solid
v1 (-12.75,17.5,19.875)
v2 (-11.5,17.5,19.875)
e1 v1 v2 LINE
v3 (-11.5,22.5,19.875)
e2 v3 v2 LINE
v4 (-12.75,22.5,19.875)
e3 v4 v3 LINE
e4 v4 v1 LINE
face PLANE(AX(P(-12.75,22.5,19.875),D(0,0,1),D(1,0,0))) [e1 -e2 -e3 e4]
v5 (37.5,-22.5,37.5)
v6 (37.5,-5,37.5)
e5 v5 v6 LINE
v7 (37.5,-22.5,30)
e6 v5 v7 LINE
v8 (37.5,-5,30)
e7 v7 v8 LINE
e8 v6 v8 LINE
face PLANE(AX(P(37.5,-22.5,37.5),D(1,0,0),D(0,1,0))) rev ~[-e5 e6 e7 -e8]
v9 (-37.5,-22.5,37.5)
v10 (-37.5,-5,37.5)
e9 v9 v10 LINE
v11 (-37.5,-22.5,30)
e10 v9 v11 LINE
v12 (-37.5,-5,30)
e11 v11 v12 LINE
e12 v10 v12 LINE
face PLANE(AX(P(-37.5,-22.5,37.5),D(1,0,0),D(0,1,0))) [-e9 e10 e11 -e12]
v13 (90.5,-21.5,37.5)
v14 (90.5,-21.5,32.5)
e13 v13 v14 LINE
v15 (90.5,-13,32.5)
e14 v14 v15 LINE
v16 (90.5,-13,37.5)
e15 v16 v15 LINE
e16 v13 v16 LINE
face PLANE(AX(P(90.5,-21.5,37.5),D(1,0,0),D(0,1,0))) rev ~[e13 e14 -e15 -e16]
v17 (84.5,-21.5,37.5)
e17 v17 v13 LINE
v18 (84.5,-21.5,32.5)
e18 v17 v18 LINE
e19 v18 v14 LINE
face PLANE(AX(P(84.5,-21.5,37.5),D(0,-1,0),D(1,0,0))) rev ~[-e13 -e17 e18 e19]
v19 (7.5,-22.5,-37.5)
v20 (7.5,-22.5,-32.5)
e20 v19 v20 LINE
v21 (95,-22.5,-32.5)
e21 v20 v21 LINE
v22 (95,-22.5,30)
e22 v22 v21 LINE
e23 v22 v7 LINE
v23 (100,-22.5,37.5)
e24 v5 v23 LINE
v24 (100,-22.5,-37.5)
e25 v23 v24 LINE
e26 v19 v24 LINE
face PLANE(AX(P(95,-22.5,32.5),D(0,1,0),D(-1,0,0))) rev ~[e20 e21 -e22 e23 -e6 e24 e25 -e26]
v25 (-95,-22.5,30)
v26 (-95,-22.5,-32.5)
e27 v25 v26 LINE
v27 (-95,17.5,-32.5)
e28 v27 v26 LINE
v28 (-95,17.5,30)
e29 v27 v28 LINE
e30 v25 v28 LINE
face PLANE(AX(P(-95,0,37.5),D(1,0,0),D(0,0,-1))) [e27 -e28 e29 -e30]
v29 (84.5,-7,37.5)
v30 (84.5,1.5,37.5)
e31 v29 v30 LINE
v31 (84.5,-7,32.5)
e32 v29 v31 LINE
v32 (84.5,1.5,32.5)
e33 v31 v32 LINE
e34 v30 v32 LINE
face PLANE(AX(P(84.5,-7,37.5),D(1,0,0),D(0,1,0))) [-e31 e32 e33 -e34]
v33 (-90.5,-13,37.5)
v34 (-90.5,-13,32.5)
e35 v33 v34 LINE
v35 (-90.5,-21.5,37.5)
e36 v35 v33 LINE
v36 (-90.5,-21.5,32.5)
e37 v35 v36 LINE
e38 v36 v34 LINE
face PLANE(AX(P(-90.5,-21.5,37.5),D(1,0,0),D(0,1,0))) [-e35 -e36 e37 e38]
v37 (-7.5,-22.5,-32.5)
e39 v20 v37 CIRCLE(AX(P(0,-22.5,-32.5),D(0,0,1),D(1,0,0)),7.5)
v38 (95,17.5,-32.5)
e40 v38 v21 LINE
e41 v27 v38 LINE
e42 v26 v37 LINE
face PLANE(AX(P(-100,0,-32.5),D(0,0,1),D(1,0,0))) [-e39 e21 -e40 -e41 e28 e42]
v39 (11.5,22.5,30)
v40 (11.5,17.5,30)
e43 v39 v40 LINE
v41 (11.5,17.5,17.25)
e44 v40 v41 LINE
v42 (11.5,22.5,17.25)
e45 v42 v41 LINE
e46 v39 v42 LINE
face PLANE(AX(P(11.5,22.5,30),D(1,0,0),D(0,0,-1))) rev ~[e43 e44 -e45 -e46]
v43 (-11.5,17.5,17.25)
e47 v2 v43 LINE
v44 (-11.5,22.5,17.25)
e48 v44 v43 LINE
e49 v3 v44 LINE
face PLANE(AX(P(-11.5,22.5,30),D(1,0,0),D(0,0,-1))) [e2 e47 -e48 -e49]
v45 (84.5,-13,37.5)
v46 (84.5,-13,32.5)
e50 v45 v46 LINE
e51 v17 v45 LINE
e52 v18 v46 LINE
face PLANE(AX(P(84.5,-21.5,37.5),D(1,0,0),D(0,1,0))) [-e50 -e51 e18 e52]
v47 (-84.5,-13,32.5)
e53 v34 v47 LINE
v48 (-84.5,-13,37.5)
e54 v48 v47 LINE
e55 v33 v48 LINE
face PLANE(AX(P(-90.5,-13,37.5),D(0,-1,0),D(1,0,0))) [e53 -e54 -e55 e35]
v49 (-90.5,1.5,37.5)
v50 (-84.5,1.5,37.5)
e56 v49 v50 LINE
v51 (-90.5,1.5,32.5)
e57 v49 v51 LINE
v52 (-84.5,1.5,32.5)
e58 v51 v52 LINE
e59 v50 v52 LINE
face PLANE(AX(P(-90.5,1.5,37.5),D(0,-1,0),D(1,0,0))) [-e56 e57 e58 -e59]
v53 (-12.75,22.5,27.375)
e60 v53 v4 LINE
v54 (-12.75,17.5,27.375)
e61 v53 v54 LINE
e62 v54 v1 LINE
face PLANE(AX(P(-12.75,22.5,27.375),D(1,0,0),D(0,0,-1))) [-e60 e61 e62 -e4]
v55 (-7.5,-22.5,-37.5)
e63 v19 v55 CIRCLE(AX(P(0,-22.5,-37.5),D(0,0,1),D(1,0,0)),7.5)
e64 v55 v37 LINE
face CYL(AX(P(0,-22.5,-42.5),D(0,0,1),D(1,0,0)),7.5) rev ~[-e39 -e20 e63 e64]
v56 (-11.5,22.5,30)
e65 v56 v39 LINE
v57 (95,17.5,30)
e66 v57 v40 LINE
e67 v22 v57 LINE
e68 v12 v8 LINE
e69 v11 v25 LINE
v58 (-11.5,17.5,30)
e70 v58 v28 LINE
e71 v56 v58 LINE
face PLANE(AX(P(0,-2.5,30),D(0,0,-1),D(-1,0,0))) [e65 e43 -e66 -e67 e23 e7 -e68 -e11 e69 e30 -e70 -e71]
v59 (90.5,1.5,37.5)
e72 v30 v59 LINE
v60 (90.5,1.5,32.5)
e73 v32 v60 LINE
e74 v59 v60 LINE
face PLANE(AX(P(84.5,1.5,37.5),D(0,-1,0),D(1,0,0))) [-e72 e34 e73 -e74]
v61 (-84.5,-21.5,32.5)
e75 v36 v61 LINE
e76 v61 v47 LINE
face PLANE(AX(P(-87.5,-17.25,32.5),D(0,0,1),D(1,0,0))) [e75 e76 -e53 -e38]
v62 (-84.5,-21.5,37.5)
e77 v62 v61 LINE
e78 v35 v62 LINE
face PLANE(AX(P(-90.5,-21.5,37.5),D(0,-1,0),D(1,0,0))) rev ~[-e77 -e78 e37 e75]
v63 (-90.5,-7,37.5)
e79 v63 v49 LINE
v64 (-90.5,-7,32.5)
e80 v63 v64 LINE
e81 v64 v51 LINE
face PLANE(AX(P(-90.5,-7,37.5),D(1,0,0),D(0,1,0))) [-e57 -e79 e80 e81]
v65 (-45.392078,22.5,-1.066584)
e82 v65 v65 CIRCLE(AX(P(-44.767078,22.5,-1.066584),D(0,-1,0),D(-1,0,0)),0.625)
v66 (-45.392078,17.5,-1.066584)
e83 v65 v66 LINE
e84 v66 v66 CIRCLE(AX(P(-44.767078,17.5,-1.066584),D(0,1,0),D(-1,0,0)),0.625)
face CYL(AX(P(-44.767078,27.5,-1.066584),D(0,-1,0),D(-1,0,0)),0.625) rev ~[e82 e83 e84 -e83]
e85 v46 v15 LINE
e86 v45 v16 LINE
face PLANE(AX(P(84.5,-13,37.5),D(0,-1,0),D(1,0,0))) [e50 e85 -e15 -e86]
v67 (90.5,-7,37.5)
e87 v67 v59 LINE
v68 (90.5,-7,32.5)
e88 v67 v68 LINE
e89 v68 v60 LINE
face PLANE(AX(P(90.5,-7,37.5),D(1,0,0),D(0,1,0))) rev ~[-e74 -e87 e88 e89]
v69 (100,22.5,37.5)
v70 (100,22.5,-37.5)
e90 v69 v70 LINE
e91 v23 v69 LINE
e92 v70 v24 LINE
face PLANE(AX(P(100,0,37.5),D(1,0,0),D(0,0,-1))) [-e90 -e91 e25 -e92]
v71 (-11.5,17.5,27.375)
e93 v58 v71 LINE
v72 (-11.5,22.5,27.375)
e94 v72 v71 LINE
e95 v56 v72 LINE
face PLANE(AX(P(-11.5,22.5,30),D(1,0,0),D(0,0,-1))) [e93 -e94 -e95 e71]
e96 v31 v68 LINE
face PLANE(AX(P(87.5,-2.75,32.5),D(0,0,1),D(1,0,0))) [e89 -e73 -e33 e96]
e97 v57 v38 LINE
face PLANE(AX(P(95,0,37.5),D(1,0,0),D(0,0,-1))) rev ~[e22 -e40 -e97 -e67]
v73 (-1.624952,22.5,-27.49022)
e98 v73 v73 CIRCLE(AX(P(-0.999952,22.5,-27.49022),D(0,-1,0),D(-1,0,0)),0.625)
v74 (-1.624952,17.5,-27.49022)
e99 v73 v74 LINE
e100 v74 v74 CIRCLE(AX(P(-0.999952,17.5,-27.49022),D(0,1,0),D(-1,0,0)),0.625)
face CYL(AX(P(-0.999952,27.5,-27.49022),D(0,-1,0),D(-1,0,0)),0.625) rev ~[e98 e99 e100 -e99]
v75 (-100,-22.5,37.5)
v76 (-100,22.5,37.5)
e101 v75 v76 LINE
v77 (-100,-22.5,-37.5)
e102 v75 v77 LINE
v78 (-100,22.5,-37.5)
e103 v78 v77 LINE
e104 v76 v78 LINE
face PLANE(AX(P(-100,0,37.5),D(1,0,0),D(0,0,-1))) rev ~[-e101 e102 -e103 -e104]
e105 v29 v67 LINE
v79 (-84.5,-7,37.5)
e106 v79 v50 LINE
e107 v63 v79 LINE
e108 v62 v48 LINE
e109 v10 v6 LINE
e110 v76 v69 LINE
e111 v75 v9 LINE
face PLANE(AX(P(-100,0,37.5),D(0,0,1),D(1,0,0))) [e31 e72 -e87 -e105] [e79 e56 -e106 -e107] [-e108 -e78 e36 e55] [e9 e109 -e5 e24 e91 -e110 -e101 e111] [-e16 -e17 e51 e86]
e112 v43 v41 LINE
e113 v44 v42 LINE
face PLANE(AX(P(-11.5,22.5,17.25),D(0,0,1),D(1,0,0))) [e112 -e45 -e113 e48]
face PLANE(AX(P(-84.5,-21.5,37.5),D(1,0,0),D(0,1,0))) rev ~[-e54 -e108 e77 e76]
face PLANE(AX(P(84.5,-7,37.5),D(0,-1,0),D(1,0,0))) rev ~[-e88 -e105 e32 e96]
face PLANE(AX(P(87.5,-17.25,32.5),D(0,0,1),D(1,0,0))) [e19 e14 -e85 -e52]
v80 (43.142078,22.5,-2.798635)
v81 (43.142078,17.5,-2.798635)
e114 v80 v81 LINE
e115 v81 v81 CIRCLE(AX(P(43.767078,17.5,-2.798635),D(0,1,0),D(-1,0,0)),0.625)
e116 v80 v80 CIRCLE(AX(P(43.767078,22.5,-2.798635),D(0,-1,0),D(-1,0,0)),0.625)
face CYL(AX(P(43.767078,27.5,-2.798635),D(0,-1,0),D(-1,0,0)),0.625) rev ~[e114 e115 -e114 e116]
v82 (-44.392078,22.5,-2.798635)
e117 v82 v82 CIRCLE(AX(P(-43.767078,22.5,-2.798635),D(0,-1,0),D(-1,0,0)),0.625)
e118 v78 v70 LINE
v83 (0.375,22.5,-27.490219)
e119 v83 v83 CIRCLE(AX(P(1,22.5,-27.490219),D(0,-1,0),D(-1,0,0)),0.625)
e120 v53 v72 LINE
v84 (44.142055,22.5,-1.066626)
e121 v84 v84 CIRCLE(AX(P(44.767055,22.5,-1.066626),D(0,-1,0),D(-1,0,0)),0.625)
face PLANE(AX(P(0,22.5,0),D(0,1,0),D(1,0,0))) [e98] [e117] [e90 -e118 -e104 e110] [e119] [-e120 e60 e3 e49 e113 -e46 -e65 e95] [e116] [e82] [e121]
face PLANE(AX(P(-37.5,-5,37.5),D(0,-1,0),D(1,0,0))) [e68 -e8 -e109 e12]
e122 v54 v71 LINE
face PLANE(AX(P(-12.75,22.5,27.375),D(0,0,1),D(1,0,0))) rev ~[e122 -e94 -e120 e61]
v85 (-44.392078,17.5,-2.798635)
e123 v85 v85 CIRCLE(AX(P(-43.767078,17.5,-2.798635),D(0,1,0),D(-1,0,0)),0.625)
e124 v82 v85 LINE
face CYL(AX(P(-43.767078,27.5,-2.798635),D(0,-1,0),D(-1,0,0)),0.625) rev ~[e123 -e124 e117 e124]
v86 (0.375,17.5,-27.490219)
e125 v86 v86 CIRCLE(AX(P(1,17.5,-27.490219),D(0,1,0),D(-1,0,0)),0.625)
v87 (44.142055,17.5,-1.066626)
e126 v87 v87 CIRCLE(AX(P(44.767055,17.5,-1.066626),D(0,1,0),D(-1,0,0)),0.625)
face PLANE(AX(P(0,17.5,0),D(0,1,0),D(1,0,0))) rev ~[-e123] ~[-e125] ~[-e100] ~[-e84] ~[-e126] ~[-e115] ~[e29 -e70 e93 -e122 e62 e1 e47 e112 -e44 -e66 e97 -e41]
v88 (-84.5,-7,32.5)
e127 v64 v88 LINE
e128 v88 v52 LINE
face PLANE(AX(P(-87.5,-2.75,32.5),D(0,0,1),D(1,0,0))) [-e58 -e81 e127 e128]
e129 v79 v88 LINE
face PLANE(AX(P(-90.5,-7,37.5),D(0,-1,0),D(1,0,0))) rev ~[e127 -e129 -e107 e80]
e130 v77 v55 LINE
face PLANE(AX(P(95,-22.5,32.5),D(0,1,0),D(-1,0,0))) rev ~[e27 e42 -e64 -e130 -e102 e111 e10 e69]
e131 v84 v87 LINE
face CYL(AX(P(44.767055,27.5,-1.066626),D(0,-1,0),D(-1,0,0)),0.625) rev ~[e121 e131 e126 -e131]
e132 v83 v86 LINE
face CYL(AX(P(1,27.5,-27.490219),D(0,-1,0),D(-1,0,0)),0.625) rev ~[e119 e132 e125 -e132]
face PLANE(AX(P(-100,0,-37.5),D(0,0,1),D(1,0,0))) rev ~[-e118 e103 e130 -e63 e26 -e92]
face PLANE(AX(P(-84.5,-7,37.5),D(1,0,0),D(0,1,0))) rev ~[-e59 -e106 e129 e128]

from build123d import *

# Parameters (mm, degrees)
SKETCH1_W                 = 200
SKETCH1_H                 = 75
BOSS_EXTRUDE1_DEPTH       = 22.5
SHELL1_T                  = -5
SKETCH2_W                 = 23
SKETCH2_H                 = 12.75
CUT_EXTRUDE1_DEPTH        = 116.893269865
SKETCH4_W                 = 190
SKETCH4_H                 = 40
BOSS_EXTRUDE2_DEPTH       = 2.5
SKETCH5_W                 = 6
SKETCH5_H                 = 8.5
SKETCH5_W_2               = 5
SKETCH5_H_2               = 7.5
CUT_EXTRUDE2_DEPTH        = 5
F_1_0MM_DOWEL_HOLE1_D     = 15
F_1_0MM_DOWEL_HOLE1_DEPTH = 5
F_1_0MM_DOWEL_HOLE1_TIP   = 4.506454643
SKETCH9_W                 = 75
SKETCH9_H                 = 17.5
CUT_EXTRUDE3_DEPTH        = 7.5
SKETCH10_W                = 2.5
SKETCH10_H                = 7.5
CUT_EXTRUDE4_DEPTH        = 5
F_1_0MM_DOWEL_HOLE2_D     = 1.25
F_1_0MM_DOWEL_HOLE2_DEPTH = 5
F_1_0MM_DOWEL_HOLE2_TIP   = 0.375537887


with BuildPart() as part:
    # Sketch1 → Boss-Extrude1 (new, symmetric)
    with BuildSketch(Plane(origin=(0, 0, 0), x_dir=(1, 0, 0), z_dir=(0, 1, 0))):
        Rectangle(SKETCH1_W, SKETCH1_H)
    extrude(amount=BOSS_EXTRUDE1_DEPTH, both=True)

    # Shell1
    shell1_openings = [part.faces().sort_by_distance(p)[0] for p in [
        (0, -22.5, 0),
    ]]
    offset(amount=SHELL1_T, openings=shell1_openings, kind=Kind.INTERSECTION)

    # Sketch2 → Cut-Extrude1 (cut, through all)
    with BuildSketch(Plane(origin=(0, 22.5, 0), x_dir=(1, 0, 0), z_dir=(0, 1, 0))):
        with Locations((0, -23.625)):
            Rectangle(SKETCH2_W, SKETCH2_H)
    extrude(amount=-CUT_EXTRUDE1_DEPTH, mode=Mode.SUBTRACT)

    # Sketch4 → Boss-Extrude2 (add)
    with BuildSketch(Plane(origin=(0, 0, 32.5), x_dir=(-1, 0, 0), z_dir=(0, 0, -1))):
        with Locations((0, -2.5)):
            Rectangle(SKETCH4_W, SKETCH4_H)
    extrude(amount=BOSS_EXTRUDE2_DEPTH)

    # Sketch5 → Cut-Extrude2 (cut)
    # profile 1 of 8: a face of its own
    with BuildSketch(Plane.XY.offset(37.5)):
        with Locations((-87.5, -2.75)):
            Rectangle(SKETCH5_W, SKETCH5_H)
        with Locations((-87.5, -2.75)):
            Rectangle(SKETCH5_W_2, SKETCH5_H_2, mode=Mode.SUBTRACT)
    # profile 2 of 8: a face of its own
    with BuildSketch(Plane.XY.offset(37.5)):
        with Locations((-87.5, -2.75)):
            Rectangle(SKETCH5_W_2, SKETCH5_H_2)
    # profile 3 of 8: a face of its own
    with BuildSketch(Plane.XY.offset(37.5)):
        with Locations((-87.5, -17.25)):
            Rectangle(SKETCH5_W, SKETCH5_H)
        with Locations((-87.5, -17.25)):
            Rectangle(SKETCH5_W_2, SKETCH5_H_2, mode=Mode.SUBTRACT)
    # profile 4 of 8: a face of its own
    with BuildSketch(Plane.XY.offset(37.5)):
        with Locations((-87.5, -17.25)):
            Rectangle(SKETCH5_W_2, SKETCH5_H_2)
    # profile 5 of 8: a face of its own
    with BuildSketch(Plane.XY.offset(37.5)):
        with Locations((87.5, -2.75)):
            Rectangle(SKETCH5_W, SKETCH5_H)
        with Locations((87.5, -2.75)):
            Rectangle(SKETCH5_W_2, SKETCH5_H_2, mode=Mode.SUBTRACT)
    # profile 6 of 8: a face of its own
    with BuildSketch(Plane.XY.offset(37.5)):
        with Locations((87.5, -2.75)):
            Rectangle(SKETCH5_W_2, SKETCH5_H_2)
    # profile 7 of 8: a face of its own
    with BuildSketch(Plane.XY.offset(37.5)):
        with Locations((87.5, -17.25)):
            Rectangle(SKETCH5_W, SKETCH5_H)
        with Locations((87.5, -17.25)):
            Rectangle(SKETCH5_W_2, SKETCH5_H_2, mode=Mode.SUBTRACT)
    # profile 8 of 8: a face of its own
    with BuildSketch(Plane.XY.offset(37.5)):
        with Locations((87.5, -17.25)):
            Rectangle(SKETCH5_W_2, SKETCH5_H_2)
    extrude(amount=-CUT_EXTRUDE2_DEPTH, mode=Mode.SUBTRACT)

    # Ø1.0mm Dowel Hole1
    with Locations(Plane(origin=(0, 0, -37.5), x_dir=(-1, 0, 0), z_dir=(0, 0, -1))):
        with Locations((0, -22.5)):
            Hole(F_1_0MM_DOWEL_HOLE1_D / 2, depth=F_1_0MM_DOWEL_HOLE1_DEPTH)
            with Locations((0, 0, -(F_1_0MM_DOWEL_HOLE1_DEPTH + F_1_0MM_DOWEL_HOLE1_TIP / 2))):  # 118° drill point
                Cone(0, F_1_0MM_DOWEL_HOLE1_D / 2, F_1_0MM_DOWEL_HOLE1_TIP, mode=Mode.SUBTRACT)

    # Sketch9 → Cut-Extrude3 (cut)
    with BuildSketch(Plane.XY.offset(37.5)):
        with Locations((0, -13.75)):
            Rectangle(SKETCH9_W, SKETCH9_H)
    extrude(amount=-CUT_EXTRUDE3_DEPTH, mode=Mode.SUBTRACT)

    # Sketch10 → Cut-Extrude4 (cut)
    with BuildSketch(Plane(origin=(0, 22.5, 0), x_dir=(1, 0, 0), z_dir=(0, 1, 0))):
        with Locations((-11.5, -23.625)):
            Rectangle(SKETCH10_W, SKETCH10_H)
    extrude(amount=-CUT_EXTRUDE4_DEPTH, mode=Mode.SUBTRACT)

    # Ø1.0mm Dowel Hole2
    with Locations(Plane(origin=(0, 22.5, 0), x_dir=(1, 0, 0), z_dir=(0, 1, 0))):
        with Locations((-0.999952175, 27.490220049), (1.000000001, 27.490219113), (-44.767078272, 1.066584153), (-43.767078272, 2.79863496), (43.767078272, 2.79863496), (44.76705517, 1.066626038)):
            Hole(F_1_0MM_DOWEL_HOLE2_D / 2, depth=F_1_0MM_DOWEL_HOLE2_DEPTH)
            with Locations((0, 0, -(F_1_0MM_DOWEL_HOLE2_DEPTH + F_1_0MM_DOWEL_HOLE2_TIP / 2))):  # 118° drill point
                Cone(0, F_1_0MM_DOWEL_HOLE2_D / 2, F_1_0MM_DOWEL_HOLE2_TIP, mode=Mode.SUBTRACT)


solid = part.part
